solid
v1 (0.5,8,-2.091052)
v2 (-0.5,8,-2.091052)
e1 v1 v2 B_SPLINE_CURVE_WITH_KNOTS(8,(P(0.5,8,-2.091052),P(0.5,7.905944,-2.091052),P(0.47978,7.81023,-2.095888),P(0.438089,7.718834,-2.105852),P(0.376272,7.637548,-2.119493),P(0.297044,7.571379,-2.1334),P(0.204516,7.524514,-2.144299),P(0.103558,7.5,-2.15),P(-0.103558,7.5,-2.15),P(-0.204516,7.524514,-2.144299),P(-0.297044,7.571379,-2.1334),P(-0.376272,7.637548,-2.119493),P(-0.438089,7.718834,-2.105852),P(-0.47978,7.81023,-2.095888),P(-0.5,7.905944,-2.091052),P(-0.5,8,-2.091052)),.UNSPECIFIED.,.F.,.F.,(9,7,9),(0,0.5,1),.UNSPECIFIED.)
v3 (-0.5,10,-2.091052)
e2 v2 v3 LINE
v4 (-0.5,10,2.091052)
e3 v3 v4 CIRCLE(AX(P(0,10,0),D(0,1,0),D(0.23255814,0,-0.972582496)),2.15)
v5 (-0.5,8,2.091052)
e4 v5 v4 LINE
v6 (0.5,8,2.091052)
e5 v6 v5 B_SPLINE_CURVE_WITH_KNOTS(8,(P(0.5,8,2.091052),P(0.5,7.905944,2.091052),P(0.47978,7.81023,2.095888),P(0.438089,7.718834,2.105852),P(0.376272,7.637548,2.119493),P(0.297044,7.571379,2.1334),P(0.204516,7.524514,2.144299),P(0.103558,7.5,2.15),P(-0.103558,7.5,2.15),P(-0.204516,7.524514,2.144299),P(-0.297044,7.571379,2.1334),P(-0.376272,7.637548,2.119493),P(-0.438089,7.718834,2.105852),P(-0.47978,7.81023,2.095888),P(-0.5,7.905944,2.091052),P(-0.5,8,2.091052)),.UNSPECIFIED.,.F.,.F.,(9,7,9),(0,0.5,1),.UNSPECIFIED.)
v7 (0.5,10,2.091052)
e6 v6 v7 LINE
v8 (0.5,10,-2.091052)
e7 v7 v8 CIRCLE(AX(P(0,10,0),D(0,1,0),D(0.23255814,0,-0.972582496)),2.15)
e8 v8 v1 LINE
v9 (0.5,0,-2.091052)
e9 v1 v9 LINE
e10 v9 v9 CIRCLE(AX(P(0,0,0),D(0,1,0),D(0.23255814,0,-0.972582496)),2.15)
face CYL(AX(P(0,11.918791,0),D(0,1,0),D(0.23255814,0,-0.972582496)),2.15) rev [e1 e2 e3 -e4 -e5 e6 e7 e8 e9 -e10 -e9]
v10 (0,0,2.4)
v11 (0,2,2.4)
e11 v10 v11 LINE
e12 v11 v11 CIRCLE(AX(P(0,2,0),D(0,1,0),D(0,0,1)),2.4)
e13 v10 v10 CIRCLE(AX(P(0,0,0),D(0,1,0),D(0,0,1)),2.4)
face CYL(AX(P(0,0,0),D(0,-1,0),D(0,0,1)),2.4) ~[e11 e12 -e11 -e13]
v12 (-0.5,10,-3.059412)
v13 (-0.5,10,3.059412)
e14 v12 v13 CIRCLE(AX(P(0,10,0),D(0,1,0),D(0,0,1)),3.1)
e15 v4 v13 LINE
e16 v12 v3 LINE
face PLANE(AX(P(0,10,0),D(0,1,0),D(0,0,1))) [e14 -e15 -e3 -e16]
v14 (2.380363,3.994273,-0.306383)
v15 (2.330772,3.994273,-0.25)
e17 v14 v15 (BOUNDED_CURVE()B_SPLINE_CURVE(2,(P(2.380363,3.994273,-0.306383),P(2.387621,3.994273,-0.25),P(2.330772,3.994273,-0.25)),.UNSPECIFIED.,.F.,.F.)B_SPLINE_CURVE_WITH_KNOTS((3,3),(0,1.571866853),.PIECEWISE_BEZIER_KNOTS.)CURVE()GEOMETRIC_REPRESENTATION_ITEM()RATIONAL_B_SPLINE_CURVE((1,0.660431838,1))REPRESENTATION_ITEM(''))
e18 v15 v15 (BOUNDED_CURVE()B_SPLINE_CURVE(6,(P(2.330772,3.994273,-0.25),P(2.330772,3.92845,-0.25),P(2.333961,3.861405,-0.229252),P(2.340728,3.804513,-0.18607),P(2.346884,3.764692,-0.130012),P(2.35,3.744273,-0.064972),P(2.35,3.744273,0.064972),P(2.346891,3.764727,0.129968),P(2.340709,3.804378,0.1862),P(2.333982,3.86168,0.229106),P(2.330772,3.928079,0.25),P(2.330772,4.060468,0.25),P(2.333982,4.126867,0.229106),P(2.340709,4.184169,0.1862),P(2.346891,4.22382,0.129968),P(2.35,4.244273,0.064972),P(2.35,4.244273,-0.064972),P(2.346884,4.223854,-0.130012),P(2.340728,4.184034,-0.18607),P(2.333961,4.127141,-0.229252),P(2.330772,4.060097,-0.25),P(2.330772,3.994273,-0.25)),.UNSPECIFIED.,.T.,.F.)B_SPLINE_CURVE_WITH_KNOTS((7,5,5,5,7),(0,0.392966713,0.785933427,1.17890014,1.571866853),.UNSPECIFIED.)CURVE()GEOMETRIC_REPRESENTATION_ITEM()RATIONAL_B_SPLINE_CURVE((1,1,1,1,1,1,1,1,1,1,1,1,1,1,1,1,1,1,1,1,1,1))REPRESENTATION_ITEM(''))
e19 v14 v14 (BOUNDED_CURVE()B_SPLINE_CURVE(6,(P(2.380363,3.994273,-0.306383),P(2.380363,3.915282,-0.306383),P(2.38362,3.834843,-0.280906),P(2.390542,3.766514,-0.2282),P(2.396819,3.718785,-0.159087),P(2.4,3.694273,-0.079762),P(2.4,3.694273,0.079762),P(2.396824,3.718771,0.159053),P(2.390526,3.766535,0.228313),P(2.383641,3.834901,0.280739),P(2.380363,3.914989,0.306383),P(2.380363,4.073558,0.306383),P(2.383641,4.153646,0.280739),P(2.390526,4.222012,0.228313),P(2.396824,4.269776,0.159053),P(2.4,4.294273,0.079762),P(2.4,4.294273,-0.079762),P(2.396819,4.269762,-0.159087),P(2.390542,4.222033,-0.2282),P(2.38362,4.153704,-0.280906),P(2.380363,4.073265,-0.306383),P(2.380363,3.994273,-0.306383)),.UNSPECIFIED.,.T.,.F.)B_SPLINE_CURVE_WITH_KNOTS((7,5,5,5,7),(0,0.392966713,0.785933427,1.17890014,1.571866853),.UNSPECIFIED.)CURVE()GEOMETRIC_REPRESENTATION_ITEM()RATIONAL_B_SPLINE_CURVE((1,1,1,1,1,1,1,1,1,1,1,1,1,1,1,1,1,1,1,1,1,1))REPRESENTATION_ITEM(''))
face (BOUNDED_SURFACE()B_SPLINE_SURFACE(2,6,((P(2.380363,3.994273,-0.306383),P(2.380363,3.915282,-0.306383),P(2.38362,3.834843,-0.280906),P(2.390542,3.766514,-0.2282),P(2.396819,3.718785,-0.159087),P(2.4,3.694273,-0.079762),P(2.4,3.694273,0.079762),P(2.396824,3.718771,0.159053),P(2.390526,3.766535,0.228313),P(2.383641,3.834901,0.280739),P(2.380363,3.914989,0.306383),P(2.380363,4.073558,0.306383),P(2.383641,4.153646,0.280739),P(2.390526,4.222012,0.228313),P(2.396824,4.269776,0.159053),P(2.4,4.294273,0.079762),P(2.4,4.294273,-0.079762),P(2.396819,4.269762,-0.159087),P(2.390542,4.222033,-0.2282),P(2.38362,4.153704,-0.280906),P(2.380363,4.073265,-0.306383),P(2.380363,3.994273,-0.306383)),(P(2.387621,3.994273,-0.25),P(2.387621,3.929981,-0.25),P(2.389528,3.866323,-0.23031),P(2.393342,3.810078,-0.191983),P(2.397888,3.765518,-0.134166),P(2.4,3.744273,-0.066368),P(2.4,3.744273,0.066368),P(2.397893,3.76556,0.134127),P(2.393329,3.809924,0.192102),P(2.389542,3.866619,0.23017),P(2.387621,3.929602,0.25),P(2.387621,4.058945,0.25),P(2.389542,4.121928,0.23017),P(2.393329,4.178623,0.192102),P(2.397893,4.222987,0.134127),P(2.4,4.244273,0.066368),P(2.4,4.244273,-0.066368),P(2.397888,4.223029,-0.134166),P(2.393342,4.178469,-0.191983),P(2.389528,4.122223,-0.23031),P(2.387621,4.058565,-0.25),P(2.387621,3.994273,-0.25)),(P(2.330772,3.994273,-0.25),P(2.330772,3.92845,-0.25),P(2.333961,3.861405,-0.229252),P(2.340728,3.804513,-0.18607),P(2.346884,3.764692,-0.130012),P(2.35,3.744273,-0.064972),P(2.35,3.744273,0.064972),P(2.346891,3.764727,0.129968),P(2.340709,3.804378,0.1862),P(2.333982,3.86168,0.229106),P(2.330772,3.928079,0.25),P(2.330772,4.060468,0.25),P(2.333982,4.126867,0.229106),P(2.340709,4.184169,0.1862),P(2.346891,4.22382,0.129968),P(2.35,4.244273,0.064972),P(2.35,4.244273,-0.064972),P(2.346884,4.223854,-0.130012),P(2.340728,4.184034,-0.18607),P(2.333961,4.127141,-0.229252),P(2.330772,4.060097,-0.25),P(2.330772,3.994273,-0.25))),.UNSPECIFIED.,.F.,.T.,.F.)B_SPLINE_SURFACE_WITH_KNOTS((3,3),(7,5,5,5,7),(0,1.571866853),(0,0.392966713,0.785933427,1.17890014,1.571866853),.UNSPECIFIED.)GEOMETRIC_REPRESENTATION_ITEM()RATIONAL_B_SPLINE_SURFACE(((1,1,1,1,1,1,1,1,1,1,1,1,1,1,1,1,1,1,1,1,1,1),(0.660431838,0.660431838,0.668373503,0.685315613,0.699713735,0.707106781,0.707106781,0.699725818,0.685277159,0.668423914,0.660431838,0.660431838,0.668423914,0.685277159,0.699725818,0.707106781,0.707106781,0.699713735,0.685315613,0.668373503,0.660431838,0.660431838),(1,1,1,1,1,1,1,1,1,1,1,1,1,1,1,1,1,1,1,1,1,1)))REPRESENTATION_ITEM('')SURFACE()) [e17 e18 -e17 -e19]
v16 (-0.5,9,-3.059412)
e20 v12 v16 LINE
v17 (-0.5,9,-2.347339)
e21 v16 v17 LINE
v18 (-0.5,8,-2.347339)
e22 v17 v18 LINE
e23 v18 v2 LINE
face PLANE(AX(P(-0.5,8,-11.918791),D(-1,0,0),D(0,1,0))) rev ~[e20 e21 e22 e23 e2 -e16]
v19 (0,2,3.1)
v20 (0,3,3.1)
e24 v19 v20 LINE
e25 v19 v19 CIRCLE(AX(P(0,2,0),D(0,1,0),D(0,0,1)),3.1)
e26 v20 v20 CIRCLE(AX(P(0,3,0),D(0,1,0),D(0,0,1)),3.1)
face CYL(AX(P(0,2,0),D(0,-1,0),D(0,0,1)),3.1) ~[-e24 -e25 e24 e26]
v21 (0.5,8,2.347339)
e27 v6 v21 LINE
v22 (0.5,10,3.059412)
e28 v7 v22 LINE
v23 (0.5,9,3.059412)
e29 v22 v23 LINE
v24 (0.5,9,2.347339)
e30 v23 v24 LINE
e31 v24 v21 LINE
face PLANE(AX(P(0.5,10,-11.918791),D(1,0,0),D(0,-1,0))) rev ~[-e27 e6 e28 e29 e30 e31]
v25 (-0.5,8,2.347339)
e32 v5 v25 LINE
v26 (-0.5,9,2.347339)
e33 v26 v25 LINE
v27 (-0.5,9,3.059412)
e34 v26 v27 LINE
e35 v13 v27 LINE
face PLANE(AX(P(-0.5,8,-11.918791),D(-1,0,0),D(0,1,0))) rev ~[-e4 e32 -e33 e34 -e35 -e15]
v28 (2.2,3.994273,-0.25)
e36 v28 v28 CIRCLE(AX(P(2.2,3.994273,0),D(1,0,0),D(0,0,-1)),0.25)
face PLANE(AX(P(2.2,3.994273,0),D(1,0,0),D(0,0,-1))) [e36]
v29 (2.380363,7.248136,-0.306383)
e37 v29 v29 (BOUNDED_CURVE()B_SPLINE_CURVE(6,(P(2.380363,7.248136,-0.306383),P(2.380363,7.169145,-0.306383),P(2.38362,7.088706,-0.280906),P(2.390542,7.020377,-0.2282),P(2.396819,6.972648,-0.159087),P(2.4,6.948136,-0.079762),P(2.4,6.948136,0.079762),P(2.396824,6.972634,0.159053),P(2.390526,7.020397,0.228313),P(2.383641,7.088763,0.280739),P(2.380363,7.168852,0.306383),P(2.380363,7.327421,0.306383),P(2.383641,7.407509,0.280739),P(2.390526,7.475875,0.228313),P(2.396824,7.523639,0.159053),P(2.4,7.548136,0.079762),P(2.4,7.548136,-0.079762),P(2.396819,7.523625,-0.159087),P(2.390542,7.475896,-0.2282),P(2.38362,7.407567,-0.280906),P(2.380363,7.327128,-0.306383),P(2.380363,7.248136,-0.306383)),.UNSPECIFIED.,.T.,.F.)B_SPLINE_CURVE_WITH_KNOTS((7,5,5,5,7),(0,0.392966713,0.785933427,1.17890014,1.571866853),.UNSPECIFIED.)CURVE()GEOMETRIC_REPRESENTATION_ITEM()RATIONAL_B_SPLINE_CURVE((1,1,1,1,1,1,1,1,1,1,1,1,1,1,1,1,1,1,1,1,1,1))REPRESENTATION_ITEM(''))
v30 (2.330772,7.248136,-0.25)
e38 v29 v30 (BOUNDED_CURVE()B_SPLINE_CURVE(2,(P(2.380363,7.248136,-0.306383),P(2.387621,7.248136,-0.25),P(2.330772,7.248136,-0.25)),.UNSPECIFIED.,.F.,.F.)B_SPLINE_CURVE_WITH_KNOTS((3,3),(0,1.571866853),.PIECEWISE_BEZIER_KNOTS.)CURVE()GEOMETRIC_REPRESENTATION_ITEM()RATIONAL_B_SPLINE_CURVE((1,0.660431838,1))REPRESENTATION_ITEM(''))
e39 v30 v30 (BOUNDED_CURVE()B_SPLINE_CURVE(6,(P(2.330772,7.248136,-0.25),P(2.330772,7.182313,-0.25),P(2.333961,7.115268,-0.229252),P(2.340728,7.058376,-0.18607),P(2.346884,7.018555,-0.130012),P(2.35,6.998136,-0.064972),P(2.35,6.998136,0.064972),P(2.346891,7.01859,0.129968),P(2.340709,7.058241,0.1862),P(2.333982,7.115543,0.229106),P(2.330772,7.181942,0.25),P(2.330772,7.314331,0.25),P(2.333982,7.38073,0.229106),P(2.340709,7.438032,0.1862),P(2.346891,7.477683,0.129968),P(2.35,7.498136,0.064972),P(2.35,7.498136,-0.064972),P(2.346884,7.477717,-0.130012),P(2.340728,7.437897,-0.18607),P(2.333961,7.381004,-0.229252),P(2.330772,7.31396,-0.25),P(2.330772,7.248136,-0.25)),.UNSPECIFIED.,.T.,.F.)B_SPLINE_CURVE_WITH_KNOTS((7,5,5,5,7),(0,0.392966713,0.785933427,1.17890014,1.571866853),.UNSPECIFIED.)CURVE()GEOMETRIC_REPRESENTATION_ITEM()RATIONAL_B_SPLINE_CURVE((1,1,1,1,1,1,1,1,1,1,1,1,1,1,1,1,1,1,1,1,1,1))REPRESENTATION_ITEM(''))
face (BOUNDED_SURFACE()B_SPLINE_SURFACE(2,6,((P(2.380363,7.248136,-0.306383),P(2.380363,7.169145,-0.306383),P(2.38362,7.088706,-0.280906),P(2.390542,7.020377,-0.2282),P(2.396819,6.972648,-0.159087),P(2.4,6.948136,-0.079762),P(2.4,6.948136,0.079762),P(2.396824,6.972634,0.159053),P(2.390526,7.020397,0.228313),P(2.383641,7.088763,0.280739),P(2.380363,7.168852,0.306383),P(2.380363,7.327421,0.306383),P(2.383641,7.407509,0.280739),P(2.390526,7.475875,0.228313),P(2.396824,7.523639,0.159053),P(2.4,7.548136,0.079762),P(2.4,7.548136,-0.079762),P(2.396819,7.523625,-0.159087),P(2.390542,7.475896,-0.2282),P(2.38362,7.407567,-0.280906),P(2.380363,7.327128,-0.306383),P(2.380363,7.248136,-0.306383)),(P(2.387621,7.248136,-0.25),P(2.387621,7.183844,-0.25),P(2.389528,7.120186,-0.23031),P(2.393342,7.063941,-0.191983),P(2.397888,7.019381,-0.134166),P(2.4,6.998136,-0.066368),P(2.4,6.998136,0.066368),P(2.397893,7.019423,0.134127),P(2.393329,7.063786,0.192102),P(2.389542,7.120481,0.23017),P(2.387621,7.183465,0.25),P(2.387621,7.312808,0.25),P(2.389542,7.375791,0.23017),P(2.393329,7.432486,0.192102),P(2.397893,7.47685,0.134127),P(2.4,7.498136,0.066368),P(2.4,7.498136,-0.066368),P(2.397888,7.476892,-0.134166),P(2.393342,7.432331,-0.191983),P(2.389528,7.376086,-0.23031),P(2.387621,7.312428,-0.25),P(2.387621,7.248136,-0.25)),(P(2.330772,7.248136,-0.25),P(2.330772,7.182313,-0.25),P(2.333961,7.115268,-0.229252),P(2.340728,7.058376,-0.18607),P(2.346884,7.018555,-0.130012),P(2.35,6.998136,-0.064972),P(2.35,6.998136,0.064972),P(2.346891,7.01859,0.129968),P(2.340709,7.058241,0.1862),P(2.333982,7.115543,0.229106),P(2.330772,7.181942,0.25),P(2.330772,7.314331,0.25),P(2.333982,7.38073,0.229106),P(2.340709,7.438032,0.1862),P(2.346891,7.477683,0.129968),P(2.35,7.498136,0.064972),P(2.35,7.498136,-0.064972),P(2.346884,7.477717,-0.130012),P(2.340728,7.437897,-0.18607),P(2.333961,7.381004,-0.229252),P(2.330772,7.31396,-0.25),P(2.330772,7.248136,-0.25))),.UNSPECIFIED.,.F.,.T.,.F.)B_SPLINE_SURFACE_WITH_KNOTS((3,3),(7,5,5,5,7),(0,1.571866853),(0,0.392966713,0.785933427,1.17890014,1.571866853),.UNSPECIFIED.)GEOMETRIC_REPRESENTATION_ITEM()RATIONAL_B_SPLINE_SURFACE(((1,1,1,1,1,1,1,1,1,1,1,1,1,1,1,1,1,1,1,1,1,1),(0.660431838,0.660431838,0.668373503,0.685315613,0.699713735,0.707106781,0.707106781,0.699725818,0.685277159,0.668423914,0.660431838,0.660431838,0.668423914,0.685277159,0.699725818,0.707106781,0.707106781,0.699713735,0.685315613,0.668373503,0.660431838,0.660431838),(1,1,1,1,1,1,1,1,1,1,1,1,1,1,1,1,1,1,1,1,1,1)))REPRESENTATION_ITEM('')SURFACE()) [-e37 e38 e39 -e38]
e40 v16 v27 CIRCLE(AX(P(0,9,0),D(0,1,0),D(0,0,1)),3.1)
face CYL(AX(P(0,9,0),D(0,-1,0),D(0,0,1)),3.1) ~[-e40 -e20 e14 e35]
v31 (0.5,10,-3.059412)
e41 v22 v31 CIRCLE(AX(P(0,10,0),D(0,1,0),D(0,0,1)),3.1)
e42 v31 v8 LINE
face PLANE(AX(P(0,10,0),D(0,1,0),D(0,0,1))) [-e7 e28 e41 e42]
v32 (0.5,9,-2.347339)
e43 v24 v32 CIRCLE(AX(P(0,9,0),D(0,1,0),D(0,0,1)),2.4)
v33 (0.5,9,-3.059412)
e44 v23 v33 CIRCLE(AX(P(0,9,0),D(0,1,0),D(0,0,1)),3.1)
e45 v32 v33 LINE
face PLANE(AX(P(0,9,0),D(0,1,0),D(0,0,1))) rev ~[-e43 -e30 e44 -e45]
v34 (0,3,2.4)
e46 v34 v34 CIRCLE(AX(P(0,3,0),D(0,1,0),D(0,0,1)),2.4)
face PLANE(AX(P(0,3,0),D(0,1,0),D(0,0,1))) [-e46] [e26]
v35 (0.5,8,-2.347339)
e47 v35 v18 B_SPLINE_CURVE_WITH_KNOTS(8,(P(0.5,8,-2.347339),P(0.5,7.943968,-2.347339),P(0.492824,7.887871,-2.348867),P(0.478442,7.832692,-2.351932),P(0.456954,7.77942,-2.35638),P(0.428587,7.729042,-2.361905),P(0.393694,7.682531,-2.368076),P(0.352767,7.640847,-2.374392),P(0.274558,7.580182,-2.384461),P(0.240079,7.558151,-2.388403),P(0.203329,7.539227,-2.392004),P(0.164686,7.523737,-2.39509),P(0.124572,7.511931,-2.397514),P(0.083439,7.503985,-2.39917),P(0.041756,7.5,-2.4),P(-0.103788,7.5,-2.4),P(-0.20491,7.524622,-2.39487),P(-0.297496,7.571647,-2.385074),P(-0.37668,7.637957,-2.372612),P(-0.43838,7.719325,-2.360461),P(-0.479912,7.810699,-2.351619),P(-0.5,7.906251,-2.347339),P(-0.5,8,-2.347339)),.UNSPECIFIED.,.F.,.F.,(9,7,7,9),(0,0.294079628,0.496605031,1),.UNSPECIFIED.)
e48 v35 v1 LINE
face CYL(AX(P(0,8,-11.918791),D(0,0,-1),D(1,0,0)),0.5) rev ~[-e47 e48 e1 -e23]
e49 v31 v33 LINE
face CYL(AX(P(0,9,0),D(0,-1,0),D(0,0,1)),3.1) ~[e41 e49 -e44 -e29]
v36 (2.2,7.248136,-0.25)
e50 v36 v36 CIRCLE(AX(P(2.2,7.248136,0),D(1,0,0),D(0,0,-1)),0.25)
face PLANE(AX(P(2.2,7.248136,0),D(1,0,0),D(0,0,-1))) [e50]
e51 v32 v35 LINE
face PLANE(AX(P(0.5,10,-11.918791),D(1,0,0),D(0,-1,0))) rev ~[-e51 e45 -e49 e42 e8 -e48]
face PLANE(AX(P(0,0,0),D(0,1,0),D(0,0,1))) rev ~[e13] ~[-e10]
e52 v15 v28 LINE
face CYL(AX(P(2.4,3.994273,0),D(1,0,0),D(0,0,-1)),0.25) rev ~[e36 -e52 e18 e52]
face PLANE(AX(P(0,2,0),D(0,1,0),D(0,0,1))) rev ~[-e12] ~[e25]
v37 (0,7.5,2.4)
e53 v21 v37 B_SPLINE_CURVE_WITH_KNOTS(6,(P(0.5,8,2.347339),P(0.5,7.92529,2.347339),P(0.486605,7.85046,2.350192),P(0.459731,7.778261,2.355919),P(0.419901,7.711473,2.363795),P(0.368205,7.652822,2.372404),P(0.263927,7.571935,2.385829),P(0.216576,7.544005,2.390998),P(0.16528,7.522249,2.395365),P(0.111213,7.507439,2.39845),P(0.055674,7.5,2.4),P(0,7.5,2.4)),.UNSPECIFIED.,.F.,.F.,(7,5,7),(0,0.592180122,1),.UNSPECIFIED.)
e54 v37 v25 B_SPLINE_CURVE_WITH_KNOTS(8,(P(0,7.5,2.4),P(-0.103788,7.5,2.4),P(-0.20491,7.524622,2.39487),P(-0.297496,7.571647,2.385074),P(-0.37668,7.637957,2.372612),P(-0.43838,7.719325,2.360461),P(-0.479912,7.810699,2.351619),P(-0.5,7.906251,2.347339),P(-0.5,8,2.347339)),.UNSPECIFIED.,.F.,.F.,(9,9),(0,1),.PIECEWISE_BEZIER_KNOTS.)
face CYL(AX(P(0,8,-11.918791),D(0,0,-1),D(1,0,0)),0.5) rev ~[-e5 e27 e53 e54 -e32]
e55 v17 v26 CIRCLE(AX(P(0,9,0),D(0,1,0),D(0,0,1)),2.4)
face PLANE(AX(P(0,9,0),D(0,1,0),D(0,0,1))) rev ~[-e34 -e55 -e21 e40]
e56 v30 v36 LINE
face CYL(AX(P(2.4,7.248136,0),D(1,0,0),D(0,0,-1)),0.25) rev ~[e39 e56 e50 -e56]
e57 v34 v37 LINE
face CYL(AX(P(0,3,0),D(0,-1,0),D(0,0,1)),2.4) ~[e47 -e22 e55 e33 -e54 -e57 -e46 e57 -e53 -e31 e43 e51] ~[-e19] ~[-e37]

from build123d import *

# Parameters (mm, degrees)
SKETCH2_R               = 2.4
BOSS_EXTRUDE1_DEPTH     = 2
SKETCH3_R               = 3.1
BOSS_EXTRUDE2_DEPTH     = 1
SKETCH4_R               = 2.4
BOSS_EXTRUDE3_DEPTH     = 6
SKETCH5_R               = 3.1
BOSS_EXTRUDE4_DEPTH     = 1
CUT_EXTRUDE1_DEPTH      = 11.918791142
CUT_EXTRUDE1_DEPTH_BACK = 11.918791142
SKETCH7_R               = 0.25
CUT_EXTRUDE2_DEPTH      = 0.2
FILLET1_R               = 0.05
FILLET2_R               = 0.05
CUT_EXTRUDE3_DEPTH      = 11.918791142
CUT_EXTRUDE3_DEPTH_BACK = 11.918791142
SKETCH9_R               = 2.15


with BuildPart() as part:
    # Sketch2 → Boss-Extrude1 (new body)
    with BuildSketch(Plane(origin=(0, 0, 0), x_dir=(1, 0, 0), z_dir=(0, 1, 0))):
        with Locations(Location((0, 0, 0), (0, 0, 270))):
            Circle(SKETCH2_R)
    extrude(amount=BOSS_EXTRUDE1_DEPTH)

    # Sketch3 → Boss-Extrude2 (add)
    with BuildSketch(Plane(origin=(0, 2, 0), x_dir=(1, 0, 0), z_dir=(0, 1, 0))):
        with Locations(Location((0, 0, 0), (0, 0, 270))):
            Circle(SKETCH3_R)
    extrude(amount=BOSS_EXTRUDE2_DEPTH)

    # Sketch4 → Boss-Extrude3 (add)
    with BuildSketch(Plane(origin=(0, 3, 0), x_dir=(1, 0, 0), z_dir=(0, 1, 0))):
        with Locations(Location((0, 0, 0), (0, 0, 270))):
            Circle(SKETCH4_R)
    extrude(amount=BOSS_EXTRUDE3_DEPTH)

    # Sketch5 → Boss-Extrude4 (add)
    with BuildSketch(Plane(origin=(0, 9, 0), x_dir=(1, 0, 0), z_dir=(0, 1, 0))):
        with Locations(Location((0, 0, 0), (0, 0, 270))):
            Circle(SKETCH5_R)
    extrude(amount=BOSS_EXTRUDE4_DEPTH)

    # Sketch6 → Cut-Extrude1 (cut, two sides: drawn at the far end of the back side and taken through both)
    with BuildSketch(Plane.XY.offset(-CUT_EXTRUDE1_DEPTH_BACK)):
        with BuildLine():
            Line((0.5, 10), (0.5, 8))
            ThreePointArc((0.5, 8), (0, 7.5), (-0.5, 8))
            Line((-0.5, 8), (-0.5, 10))
            ThreePointArc((-0.5, 10), (0, 10.5), (0.5, 10))
        make_face()
    extrude(amount=CUT_EXTRUDE1_DEPTH + CUT_EXTRUDE1_DEPTH_BACK, mode=Mode.SUBTRACT)

    # Sketch7 → Cut-Extrude2 (cut)
    with BuildSketch(Plane(origin=(2.4, 0, 0), x_dir=(0, 0, -1), z_dir=(1, 0, 0))):
        with Locations((0, 7.248136305)):
            Circle(SKETCH7_R)
        with Locations((0, 3.994273363)):
            Circle(SKETCH7_R)
    extrude(amount=-CUT_EXTRUDE2_DEPTH, mode=Mode.SUBTRACT)

    # Fillet1
    fillet1_edges = [part.edges().sort_by_distance(p)[0] for p in [
        (2.386943652, 7.248136305, 0.25),
    ]]
    fillet(fillet1_edges, radius=FILLET1_R)

    # Fillet2
    fillet2_edges = [part.edges().sort_by_distance(p)[0] for p in [
        (2.386943652, 3.994273363, 0.25),
    ]]
    fillet(fillet2_edges, radius=FILLET2_R)

    # Sketch9 → Cut-Extrude3 (cut, two sides: drawn at the far end of the back side and taken through both)
    with BuildSketch(Plane(origin=(0, 0, 0), x_dir=(-1, 0, 0), z_dir=(0, -1, 0)).offset(-CUT_EXTRUDE3_DEPTH_BACK)):
        with Locations(Location((0, 0, 0), (0, 0, 103.447727045))):
            Circle(SKETCH9_R)
    extrude(amount=CUT_EXTRUDE3_DEPTH + CUT_EXTRUDE3_DEPTH_BACK, mode=Mode.SUBTRACT)


solid = part.part
